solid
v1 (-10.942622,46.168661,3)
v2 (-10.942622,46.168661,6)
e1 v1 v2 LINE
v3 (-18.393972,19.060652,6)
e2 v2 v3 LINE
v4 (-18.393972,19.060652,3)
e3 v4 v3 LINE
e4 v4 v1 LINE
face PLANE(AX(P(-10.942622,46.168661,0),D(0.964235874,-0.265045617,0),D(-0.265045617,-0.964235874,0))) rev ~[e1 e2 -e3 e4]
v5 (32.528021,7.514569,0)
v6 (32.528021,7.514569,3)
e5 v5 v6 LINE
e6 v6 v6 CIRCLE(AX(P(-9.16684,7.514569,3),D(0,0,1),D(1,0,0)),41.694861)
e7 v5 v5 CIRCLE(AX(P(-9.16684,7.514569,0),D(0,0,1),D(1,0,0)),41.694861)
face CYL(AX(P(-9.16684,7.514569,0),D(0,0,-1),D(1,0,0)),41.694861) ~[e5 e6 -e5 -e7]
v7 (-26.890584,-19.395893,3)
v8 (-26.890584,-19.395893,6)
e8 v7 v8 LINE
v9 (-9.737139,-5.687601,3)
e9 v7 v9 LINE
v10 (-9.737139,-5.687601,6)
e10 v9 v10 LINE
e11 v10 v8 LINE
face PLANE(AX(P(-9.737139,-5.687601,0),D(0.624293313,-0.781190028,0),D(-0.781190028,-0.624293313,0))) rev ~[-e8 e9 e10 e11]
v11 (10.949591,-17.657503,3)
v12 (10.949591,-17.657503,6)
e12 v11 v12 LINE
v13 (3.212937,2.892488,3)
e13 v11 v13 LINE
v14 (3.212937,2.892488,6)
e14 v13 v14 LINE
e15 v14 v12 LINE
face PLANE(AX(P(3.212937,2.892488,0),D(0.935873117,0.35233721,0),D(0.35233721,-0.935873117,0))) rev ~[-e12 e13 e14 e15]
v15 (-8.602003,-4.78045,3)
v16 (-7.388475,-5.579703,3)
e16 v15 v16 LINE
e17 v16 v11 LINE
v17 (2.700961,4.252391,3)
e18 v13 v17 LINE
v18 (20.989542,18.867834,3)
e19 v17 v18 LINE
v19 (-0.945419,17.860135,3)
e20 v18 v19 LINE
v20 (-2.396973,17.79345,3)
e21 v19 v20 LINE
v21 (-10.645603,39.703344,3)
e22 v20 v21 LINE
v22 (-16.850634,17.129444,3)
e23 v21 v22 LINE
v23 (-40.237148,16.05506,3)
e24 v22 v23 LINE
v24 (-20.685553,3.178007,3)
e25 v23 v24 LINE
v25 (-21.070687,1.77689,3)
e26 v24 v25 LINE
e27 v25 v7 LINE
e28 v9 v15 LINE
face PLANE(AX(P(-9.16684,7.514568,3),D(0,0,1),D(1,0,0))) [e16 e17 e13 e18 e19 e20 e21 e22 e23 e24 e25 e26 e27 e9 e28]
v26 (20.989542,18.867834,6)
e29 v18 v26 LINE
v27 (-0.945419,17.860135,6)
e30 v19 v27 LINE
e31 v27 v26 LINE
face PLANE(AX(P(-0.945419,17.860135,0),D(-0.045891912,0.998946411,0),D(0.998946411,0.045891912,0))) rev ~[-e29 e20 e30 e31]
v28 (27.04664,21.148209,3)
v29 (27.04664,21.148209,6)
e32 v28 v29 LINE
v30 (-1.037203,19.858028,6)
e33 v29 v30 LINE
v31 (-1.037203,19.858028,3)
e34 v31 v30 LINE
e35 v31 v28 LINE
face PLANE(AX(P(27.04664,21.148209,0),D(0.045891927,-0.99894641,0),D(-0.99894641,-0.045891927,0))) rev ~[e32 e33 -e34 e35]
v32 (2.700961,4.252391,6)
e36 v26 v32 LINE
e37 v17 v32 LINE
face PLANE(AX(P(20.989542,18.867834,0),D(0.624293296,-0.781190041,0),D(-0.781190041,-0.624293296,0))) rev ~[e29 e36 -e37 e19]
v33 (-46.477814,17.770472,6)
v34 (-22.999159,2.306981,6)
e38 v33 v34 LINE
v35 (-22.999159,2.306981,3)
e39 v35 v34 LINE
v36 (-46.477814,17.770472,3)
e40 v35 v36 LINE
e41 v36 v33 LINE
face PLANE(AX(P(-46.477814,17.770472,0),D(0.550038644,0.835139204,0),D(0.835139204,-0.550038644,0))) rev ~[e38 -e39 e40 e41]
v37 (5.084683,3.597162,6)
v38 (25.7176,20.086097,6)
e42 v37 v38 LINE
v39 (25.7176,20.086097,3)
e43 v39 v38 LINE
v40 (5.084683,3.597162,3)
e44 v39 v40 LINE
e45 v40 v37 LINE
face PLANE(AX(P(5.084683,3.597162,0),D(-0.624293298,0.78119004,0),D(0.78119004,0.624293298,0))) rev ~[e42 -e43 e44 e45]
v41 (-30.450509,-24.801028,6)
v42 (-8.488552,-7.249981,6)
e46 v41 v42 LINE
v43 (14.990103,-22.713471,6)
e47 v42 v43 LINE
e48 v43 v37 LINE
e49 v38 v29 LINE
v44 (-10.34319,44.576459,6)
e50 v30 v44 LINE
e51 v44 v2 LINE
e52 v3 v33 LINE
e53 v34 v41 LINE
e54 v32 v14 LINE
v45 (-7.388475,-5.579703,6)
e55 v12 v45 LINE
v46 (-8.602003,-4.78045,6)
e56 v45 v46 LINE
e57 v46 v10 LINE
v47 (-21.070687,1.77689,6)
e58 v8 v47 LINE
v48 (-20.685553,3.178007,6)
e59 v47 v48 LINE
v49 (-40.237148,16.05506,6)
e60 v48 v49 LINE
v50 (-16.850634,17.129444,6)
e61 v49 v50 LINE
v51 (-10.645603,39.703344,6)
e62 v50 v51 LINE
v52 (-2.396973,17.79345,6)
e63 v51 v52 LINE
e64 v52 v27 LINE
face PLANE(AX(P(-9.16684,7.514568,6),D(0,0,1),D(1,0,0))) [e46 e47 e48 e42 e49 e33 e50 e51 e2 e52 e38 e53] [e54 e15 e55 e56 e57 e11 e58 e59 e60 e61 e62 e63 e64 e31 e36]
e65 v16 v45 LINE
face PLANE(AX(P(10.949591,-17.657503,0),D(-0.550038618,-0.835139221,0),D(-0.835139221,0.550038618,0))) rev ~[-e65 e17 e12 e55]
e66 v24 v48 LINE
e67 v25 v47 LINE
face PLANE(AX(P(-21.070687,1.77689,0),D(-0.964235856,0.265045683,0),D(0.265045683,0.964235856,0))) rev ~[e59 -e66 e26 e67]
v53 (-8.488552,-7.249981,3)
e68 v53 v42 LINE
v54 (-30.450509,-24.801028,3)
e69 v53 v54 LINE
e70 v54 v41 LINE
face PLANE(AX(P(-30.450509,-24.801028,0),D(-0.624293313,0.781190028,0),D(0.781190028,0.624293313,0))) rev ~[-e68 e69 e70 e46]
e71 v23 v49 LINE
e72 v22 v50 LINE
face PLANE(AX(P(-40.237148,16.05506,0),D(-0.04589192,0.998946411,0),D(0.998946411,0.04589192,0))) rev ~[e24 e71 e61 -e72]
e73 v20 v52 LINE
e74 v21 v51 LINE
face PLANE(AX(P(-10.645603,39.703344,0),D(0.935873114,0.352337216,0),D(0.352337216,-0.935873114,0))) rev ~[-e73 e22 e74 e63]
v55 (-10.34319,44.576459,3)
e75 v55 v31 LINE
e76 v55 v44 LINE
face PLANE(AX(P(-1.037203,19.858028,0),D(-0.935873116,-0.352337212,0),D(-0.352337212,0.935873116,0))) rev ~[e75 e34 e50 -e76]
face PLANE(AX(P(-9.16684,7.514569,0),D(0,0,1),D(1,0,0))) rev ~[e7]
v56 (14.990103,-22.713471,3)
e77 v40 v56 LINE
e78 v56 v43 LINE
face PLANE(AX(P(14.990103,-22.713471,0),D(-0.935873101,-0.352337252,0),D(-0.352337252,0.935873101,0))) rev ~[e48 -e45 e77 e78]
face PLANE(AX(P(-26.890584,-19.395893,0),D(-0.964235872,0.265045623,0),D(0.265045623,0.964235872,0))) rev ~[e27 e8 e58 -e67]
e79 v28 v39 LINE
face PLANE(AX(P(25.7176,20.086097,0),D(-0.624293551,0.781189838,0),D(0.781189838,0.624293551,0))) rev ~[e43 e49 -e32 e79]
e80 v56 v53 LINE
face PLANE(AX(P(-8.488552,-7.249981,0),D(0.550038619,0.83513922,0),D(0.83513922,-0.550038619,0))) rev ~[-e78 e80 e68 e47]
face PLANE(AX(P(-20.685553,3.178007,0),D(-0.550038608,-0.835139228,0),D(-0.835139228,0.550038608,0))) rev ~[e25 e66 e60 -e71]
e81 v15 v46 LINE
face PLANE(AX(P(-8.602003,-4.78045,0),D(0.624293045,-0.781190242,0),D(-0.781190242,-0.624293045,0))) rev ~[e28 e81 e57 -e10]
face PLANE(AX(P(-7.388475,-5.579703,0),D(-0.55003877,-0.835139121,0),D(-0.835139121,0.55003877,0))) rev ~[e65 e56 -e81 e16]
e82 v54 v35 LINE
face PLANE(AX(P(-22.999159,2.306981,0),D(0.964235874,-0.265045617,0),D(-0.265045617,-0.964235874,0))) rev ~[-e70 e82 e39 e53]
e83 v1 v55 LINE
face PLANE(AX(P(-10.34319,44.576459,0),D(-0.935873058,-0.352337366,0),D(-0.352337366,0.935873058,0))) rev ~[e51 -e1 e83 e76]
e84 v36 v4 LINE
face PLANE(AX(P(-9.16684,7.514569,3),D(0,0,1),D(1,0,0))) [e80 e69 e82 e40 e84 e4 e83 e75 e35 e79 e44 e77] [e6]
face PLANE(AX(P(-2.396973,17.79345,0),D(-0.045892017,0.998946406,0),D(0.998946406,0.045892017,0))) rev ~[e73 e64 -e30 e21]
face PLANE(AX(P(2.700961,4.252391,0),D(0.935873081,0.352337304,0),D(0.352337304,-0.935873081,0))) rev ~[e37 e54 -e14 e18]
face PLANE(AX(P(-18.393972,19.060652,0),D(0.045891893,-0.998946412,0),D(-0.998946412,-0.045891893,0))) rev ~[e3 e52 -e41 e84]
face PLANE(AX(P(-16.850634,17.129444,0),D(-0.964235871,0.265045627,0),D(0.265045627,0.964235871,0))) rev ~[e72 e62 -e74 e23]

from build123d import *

# Parameters (mm, degrees)
F1_DEPTH = 6
F0_R     = 41.694861
F2_DEPTH = 3


with BuildPart() as f1:
    # F0 (on Top) → F1 (new body)
    with BuildSketch(Plane.XY):
        Polygon((-18.393972, 19.060652), (-46.477814, 17.770472), (-22.999159, 2.306981), (-30.450509, -24.801028), (-8.488552, -7.249981), (14.990103, -22.713471), (5.084683, 3.597162), (25.7176, 20.086097), (27.04664, 21.148209), (-1.037203, 19.858028), (-10.34319, 44.576459), (-10.942622, 46.168661), align=None)
        Polygon((10.949591, -17.657503), (-7.388475, -5.579703), (-8.602003, -4.78045), (-9.737139, -5.687601), (-26.890584, -19.395893), (-21.070687, 1.77689), (-20.685553, 3.178007), (-40.237148, 16.05506), (-16.850634, 17.129444), (-10.645603, 39.703344), (-2.396973, 17.79345), (-0.945419, 17.860135), (20.989542, 18.867834), (2.700961, 4.252391), (3.212937, 2.892488), align=None, mode=Mode.SUBTRACT)
    extrude(amount=F1_DEPTH)

    # F0 (on Top) → F2 (join)
    with BuildSketch(Plane.XY):
        with Locations((-9.16684, 7.514569)):
            Circle(F0_R)
        Polygon((-22.999159, 2.306981), (-46.477814, 17.770472), (-18.393972, 19.060652), (-10.942622, 46.168661), (-10.34319, 44.576459), (-1.037203, 19.858028), (27.04664, 21.148209), (25.7176, 20.086097), (5.084683, 3.597162), (14.990103, -22.713471), (-8.488552, -7.249981), (-30.450509, -24.801028), align=None, mode=Mode.SUBTRACT)
        Polygon((-8.602003, -4.78045), (-7.388475, -5.579703), (10.949591, -17.657503), (3.212937, 2.892488), (2.700961, 4.252391), (20.989542, 18.867834), (-0.945419, 17.860135), (-2.396973, 17.79345), (-10.645603, 39.703344), (-16.850634, 17.129444), (-40.237148, 16.05506), (-20.685553, 3.178007), (-21.070687, 1.77689), (-26.890584, -19.395893), (-9.737139, -5.687601), align=None)
    extrude(amount=F2_DEPTH)


solid = f1.part
